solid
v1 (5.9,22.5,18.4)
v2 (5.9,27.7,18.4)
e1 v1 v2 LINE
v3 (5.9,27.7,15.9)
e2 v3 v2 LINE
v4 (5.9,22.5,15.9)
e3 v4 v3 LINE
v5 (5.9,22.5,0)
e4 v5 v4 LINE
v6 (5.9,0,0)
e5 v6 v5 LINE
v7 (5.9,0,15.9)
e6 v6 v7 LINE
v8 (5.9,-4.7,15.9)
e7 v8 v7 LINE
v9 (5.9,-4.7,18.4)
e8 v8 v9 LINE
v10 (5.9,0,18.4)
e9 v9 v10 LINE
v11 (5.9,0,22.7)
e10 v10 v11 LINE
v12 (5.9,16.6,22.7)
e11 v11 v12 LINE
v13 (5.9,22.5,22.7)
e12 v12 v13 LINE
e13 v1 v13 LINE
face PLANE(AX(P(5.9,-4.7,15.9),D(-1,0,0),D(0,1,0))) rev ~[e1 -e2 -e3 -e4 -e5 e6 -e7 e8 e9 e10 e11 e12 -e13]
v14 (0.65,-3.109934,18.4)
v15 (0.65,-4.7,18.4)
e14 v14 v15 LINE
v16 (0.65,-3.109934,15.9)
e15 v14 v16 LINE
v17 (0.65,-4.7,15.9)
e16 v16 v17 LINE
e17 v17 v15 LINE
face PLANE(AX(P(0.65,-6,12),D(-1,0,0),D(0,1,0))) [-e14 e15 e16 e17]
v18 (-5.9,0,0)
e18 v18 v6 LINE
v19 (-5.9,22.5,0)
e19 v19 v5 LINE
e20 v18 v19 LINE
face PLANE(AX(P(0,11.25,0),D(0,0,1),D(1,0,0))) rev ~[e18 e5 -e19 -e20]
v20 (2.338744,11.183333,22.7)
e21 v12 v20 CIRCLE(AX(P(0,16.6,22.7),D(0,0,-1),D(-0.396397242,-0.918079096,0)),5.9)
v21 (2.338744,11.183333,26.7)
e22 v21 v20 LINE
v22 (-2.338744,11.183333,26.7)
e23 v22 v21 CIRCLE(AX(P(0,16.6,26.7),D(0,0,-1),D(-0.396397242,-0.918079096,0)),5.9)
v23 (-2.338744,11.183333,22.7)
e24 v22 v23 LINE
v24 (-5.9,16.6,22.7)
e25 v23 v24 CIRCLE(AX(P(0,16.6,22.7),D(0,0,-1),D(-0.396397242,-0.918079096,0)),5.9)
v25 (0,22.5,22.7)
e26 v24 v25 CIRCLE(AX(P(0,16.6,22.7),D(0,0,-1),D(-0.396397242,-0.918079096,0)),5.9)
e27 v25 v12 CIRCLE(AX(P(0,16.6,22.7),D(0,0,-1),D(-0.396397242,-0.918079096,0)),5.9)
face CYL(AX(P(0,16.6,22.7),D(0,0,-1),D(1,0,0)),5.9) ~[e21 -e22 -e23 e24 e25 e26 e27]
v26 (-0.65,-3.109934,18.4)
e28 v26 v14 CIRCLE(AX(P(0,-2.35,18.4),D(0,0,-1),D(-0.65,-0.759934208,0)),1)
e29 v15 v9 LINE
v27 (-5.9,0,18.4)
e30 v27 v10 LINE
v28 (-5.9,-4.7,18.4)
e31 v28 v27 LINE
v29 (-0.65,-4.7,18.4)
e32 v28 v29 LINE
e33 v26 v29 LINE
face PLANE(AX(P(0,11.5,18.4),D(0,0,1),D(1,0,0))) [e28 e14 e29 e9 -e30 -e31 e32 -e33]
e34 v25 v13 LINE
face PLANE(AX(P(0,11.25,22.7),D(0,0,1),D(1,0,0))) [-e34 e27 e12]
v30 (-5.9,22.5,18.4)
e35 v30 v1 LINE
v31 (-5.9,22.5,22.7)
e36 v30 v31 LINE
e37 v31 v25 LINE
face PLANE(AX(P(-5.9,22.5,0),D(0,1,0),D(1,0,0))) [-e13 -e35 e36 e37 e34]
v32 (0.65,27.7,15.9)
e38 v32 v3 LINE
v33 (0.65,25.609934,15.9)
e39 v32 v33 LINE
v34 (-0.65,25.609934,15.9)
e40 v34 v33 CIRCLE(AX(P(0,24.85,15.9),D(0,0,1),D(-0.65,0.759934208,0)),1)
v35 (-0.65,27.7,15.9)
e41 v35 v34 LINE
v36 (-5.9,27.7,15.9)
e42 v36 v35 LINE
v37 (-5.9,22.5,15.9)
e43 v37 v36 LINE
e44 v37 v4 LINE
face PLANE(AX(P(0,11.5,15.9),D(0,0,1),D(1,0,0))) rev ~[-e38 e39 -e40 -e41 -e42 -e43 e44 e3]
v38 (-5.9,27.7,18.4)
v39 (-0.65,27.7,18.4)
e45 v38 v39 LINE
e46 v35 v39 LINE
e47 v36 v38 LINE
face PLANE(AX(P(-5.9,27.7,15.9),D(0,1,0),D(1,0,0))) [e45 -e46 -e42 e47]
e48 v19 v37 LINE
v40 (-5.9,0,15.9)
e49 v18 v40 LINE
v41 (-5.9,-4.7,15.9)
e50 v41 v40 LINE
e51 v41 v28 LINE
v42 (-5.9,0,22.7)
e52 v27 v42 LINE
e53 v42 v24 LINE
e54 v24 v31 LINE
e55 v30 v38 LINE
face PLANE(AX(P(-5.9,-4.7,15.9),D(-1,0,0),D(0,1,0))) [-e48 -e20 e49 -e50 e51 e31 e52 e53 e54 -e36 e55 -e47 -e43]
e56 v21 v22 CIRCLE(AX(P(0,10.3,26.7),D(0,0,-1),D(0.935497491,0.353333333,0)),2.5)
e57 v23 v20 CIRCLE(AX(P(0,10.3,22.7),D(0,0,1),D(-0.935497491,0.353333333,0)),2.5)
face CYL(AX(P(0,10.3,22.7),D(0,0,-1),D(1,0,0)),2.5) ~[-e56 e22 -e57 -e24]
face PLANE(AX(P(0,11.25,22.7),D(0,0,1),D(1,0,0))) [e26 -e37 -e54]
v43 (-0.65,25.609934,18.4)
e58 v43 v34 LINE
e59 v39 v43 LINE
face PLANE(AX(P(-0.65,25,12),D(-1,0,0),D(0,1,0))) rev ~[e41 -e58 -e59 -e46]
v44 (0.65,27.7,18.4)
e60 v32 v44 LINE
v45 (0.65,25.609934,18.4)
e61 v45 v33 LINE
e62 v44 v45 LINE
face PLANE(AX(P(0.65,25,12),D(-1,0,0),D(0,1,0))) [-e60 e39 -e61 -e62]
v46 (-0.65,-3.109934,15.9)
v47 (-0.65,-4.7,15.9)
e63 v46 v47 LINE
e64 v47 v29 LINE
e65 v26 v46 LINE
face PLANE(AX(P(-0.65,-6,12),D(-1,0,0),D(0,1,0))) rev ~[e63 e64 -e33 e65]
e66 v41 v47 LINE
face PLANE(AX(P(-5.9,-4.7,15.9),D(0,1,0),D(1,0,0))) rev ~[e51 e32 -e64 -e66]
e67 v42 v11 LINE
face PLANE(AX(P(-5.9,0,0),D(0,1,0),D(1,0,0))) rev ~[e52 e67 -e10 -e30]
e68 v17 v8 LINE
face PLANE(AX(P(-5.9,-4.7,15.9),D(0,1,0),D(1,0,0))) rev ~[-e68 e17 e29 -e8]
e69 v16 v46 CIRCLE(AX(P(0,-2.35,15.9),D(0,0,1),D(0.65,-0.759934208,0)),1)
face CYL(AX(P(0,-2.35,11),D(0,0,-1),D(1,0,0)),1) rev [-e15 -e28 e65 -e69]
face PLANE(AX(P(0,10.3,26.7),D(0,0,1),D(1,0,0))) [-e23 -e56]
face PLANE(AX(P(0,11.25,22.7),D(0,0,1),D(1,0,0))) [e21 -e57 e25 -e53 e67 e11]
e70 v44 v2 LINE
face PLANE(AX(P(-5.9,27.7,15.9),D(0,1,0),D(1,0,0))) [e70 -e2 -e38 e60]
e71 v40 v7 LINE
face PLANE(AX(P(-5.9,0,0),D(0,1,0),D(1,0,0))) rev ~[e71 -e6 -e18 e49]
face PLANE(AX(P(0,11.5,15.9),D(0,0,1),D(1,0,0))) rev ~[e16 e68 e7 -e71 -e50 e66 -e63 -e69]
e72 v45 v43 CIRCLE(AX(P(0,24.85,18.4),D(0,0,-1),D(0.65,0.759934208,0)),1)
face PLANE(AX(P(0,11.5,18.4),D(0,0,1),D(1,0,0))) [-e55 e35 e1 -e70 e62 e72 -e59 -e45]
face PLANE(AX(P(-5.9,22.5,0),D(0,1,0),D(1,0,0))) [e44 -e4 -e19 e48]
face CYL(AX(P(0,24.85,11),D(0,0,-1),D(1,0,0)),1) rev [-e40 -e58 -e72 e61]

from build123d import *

# Parameters (mm, degrees)
BOX004_W          = 1.3
BOX004_H          = 3.3
BOX004_DEPTH      = 10
BOX003_W          = 1.3
BOX003_H          = 3.3
BOX003_DEPTH      = 10
CYLINDER004_R     = 1
CYLINDER004_DEPTH = 10
CYLINDER003_R     = 1
CYLINDER003_DEPTH = 10
CYLINDER001_R     = 2.5
CYLINDER001_DEPTH = 4
CYLINDER_R        = 5.9
CYLINDER_DEPTH    = 4
BOX002_W          = 11.8
BOX002_H          = 32.4
BOX002_DEPTH      = 2.5
BOX001_W          = 11.8
BOX001_H          = 22.5
BOX001_DEPTH      = 22.7


with BuildPart() as cubo004:
    # Box004 → Box004 (new body)
    with BuildSketch(Plane(origin=(5.25, 25, 12), x_dir=(1, 0, 0), z_dir=(0, 0, 1))):
        with Locations((0.65, 1.65)):
            Rectangle(BOX004_W, BOX004_H)
    extrude(amount=BOX004_DEPTH)


with BuildPart() as rebajes:
    # Box003 → Box003 (new body)
    with BuildSketch(Plane(origin=(5.25, -6, 12), x_dir=(1, 0, 0), z_dir=(0, 0, 1))):
        with Locations((0.65, 1.65)):
            Rectangle(BOX003_W, BOX003_H)
    extrude(amount=BOX003_DEPTH)

    # Fusion005: union Cubo004
    add(cubo004.part)


with BuildPart() as taladro2:
    # Cylinder004 → Cylinder004 (new body)
    with BuildSketch(Plane(origin=(5.9, 24.85, 11), x_dir=(1, 0, 0), z_dir=(0, 0, 1))):
        Circle(CYLINDER004_R)
    extrude(amount=CYLINDER004_DEPTH)


with BuildPart() as taladros001:
    # Cylinder003 → Cylinder003 (new body)
    with BuildSketch(Plane(origin=(5.9, -2.35, 11), x_dir=(1, 0, 0), z_dir=(0, 0, 1))):
        Circle(CYLINDER003_R)
    extrude(amount=CYLINDER003_DEPTH)

    # Fusion004: union Taladro2
    add(taladro2.part)

    # Fusion006: union Rebajes
    add(rebajes.part)


with BuildPart() as cilindro001:
    # Cylinder001 → Cylinder001 (new body)
    with BuildSketch(Plane(origin=(5.9, 10.3, 22.7), x_dir=(1, 0, 0), z_dir=(0, 0, 1))):
        Circle(CYLINDER001_R)
    extrude(amount=CYLINDER001_DEPTH)


with BuildPart() as fusion001:
    # Cylinder → Cylinder (new body)
    with BuildSketch(Plane(origin=(5.9, 16.6, 22.7), x_dir=(1, 0, 0), z_dir=(0, 0, 1))):
        Circle(CYLINDER_R)
    extrude(amount=CYLINDER_DEPTH)

    # Fusion001: union Cilindro001
    add(cilindro001.part)


with BuildPart() as cubo002:
    # Box002 → Box002 (new body)
    with BuildSketch(Plane(origin=(0, -4.7, 15.9), x_dir=(1, 0, 0), z_dir=(0, 0, 1))):
        with Locations((5.9, 16.2)):
            Rectangle(BOX002_W, BOX002_H)
    extrude(amount=BOX002_DEPTH)


with BuildPart() as cuerpo_con_taladros:
    # Box001 → Box001 (new body)
    with BuildSketch(Plane.XY):
        with Locations((5.9, 11.25)):
            Rectangle(BOX001_W, BOX001_H)
    extrude(amount=BOX001_DEPTH)

    # Fusion: union Cubo002
    add(cubo002.part)

    # Fusion003: union Fusion001
    add(fusion001.part)

    # Cut001: cut Taladros001
    add(taladros001.part, mode=Mode.SUBTRACT)


with BuildPart() as cuerpo_con_taladros_1:
    # Cut001 placement: moved
    add(cuerpo_con_taladros.part.moved(Location((-5.9, 0, 0))))


solid = cuerpo_con_taladros_1.part
